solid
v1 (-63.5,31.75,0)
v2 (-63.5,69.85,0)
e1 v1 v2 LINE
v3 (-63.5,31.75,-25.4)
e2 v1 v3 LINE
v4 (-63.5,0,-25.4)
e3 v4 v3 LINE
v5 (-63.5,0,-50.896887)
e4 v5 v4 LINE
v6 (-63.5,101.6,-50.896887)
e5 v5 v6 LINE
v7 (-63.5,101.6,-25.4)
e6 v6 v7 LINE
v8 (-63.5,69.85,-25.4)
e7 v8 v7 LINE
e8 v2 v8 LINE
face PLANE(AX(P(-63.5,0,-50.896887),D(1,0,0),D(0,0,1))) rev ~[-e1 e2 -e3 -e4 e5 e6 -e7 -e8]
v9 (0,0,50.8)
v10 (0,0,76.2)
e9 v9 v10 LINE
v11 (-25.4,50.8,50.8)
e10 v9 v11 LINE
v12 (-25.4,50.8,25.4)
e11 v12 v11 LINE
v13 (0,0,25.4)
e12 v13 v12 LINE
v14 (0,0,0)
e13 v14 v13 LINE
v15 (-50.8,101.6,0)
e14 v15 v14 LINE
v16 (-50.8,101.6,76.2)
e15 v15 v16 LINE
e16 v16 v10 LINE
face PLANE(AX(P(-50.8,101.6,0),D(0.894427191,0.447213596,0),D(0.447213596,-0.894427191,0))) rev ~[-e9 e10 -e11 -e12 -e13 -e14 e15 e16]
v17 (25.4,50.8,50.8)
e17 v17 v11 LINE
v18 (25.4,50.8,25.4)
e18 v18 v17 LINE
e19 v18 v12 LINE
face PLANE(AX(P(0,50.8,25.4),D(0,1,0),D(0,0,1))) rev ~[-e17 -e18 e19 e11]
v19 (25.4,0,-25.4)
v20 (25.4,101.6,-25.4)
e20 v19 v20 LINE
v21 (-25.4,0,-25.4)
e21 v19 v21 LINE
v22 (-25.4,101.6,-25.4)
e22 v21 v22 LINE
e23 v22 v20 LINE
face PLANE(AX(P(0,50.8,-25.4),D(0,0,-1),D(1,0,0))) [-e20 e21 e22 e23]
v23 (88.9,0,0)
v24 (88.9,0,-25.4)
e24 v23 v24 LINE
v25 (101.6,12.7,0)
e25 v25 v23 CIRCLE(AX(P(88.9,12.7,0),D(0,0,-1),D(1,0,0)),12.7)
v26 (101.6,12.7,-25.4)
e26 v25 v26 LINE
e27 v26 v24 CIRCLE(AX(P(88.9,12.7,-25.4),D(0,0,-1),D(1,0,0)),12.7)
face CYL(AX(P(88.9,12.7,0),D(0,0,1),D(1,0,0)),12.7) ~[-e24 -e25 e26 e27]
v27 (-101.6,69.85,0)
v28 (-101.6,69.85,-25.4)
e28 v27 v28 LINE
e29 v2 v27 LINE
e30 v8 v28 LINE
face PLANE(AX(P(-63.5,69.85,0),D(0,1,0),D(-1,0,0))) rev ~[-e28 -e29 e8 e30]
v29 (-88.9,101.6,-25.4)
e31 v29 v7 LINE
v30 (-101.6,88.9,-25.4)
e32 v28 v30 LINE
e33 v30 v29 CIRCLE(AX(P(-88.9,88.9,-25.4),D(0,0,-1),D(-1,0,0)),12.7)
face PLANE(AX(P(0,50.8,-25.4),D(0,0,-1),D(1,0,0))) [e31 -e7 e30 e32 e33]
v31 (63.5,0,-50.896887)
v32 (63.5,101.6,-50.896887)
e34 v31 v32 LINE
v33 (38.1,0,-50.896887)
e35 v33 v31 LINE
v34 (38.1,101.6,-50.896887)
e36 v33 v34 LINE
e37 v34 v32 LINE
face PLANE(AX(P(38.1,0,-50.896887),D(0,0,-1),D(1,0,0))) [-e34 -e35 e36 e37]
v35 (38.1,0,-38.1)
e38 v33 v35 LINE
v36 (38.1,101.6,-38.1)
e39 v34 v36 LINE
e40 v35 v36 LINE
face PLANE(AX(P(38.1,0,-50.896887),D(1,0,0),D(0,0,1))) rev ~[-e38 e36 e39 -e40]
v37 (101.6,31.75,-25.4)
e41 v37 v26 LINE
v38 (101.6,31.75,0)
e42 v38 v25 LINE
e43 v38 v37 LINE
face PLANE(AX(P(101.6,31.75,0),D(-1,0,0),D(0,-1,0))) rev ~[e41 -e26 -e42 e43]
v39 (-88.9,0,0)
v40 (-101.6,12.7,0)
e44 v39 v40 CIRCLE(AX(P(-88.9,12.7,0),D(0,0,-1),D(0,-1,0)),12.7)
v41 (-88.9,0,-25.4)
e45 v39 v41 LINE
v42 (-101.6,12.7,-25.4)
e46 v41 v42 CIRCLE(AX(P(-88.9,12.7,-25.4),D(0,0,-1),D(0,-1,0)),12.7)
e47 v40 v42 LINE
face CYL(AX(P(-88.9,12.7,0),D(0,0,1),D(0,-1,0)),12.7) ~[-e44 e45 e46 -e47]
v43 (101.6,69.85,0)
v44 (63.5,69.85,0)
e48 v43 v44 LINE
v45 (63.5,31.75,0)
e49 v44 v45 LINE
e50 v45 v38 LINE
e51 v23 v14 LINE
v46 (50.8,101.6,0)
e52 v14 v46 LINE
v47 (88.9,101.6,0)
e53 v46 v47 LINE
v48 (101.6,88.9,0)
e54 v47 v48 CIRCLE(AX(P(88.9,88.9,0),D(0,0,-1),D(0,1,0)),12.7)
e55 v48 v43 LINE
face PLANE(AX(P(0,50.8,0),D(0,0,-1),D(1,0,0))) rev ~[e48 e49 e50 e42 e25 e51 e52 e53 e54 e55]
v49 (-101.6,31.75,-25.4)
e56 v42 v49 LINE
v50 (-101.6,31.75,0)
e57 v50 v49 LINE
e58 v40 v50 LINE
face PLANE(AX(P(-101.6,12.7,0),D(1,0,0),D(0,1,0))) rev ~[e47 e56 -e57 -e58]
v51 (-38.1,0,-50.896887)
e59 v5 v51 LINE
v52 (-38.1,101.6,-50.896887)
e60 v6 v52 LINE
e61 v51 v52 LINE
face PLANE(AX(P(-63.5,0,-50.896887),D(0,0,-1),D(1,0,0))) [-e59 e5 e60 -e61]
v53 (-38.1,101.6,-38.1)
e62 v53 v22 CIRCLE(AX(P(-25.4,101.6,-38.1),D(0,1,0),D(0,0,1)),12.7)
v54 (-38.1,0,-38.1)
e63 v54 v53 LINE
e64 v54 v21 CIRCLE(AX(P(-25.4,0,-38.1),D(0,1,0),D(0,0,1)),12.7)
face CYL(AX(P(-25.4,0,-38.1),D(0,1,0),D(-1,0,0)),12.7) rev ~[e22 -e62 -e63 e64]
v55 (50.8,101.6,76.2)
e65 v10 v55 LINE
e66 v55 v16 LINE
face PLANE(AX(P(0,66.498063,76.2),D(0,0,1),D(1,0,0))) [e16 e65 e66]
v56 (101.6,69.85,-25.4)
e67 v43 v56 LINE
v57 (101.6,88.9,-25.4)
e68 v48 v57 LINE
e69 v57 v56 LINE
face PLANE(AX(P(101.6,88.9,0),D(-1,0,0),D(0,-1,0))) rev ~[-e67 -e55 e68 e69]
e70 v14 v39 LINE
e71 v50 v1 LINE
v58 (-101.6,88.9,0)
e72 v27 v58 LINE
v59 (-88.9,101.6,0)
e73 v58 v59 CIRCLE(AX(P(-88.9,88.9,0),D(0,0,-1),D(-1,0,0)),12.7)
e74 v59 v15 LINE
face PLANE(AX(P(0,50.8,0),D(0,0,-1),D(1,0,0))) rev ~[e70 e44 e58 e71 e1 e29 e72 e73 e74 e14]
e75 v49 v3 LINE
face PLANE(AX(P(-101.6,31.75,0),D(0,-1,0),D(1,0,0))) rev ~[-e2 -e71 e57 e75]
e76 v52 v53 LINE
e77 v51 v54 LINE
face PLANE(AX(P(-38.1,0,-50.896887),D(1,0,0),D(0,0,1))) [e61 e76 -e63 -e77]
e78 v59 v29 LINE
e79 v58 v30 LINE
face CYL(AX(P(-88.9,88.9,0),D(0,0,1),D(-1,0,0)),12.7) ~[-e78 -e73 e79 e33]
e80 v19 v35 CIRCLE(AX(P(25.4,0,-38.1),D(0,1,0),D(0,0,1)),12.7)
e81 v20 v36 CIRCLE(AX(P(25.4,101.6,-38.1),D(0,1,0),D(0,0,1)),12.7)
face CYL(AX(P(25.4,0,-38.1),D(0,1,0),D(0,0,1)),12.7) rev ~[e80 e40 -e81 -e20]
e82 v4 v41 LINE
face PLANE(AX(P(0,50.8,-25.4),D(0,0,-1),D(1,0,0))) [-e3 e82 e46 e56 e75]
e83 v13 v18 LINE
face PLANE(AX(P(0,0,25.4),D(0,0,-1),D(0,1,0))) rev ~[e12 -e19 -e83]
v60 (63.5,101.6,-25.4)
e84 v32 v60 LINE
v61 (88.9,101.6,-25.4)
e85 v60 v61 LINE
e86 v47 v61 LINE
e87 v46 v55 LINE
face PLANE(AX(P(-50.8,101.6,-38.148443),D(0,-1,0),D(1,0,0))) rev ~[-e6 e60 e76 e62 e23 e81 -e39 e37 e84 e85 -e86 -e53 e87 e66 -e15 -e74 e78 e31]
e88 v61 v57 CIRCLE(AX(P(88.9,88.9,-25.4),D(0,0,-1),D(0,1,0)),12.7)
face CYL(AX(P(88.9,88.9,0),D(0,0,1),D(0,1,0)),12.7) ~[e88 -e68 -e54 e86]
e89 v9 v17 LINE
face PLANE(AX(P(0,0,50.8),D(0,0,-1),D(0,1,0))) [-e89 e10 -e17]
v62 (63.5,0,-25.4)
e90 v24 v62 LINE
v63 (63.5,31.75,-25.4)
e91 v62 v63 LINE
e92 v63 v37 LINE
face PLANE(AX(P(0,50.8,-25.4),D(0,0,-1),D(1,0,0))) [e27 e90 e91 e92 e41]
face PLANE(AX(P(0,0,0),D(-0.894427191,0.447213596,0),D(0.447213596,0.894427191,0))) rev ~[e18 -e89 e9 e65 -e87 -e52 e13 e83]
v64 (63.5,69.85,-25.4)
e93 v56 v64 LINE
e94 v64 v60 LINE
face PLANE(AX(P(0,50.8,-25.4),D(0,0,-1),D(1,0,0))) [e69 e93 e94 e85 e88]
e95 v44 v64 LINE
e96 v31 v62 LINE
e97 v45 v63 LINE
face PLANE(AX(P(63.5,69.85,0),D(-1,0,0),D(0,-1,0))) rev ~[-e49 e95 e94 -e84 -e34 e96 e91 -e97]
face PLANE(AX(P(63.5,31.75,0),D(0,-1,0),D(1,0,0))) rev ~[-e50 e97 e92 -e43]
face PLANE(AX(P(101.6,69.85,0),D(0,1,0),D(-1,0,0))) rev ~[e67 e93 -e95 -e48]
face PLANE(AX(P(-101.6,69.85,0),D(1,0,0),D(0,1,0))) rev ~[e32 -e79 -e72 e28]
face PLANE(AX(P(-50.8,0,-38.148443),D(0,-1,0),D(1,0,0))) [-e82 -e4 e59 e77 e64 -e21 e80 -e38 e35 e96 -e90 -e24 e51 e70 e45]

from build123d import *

# Parameters (mm, degrees)
F1_DEPTH      = 76.2
F2_W          = 50.8
F2_H          = 25.4
F3_DEPTH      = 50.801
F3_DEPTH_BACK = 50.801
F5_DEPTH      = 25.4
F6_DEPTH      = 25.4
F7_W          = 25.4
F7_H          = 25.4968867362
F8_DEPTH      = 101.6
F9_R          = 12.7


with BuildPart() as f1:
    # F0 (on Top) → F1 (new body)
    with BuildSketch(Plane.XY):
        Polygon((-50.8, 101.6), (0, 0), (50.8, 101.6), align=None)
    extrude(amount=F1_DEPTH)

    # F2 (on Right) → F3 (cut, two sides)
    with BuildSketch(Plane.YZ) as f3_sk:
        with Locations((25.4, 38.1)):
            Rectangle(F2_W, F2_H)
    extrude(amount=-F3_DEPTH, mode=Mode.SUBTRACT)
    extrude(f3_sk.sketch, amount=F3_DEPTH_BACK, mode=Mode.SUBTRACT)

    # F4 (on face) → F5 (join)
    with BuildSketch(Plane(origin=(0, 0, 0), x_dir=(1, 0, 0), z_dir=(0, 0, -1))):
        with BuildLine():
            Line((63.5, -31.75), (101.6, -31.75))
            Line((101.6, -31.75), (101.6, -12.7))
            ThreePointArc((101.6, -12.7), (97.8802561211, -3.7197438789), (88.9, 0))
            Line((88.9, 0), (-88.9, 0))
            ThreePointArc((-88.9, 0), (-97.8802561211, -3.7197438789), (-101.6, -12.7))
            Line((-101.6, -12.7), (-101.6, -31.75))
            Line((-101.6, -31.75), (-63.5, -31.75))
            Line((-63.5, -31.75), (-63.5, -69.85))
            Line((-63.5, -69.85), (-101.6, -69.85))
            Line((-101.6, -69.85), (-101.6, -88.9))
            ThreePointArc((-101.6, -88.9), (-97.8802561211, -97.8802561211), (-88.9, -101.6))
            Line((-88.9, -101.6), (-50.8, -101.6))
            Line((-50.8, -101.6), (50.8, -101.6))
            Line((50.8, -101.6), (88.9, -101.6))
            ThreePointArc((88.9, -101.6), (97.8802561211, -97.8802561211), (101.6, -88.9))
            Line((101.6, -88.9), (101.6, -69.85))
            Line((101.6, -69.85), (63.5, -69.85))
            Line((63.5, -69.85), (63.5, -31.75))
        make_face()
    extrude(amount=F5_DEPTH)

    # F4 (on face) → F6 (join)
    with BuildSketch(Plane(origin=(0, 0, 0), x_dir=(1, 0, 0), z_dir=(0, 0, -1))):
        with BuildLine():
            Line((63.5, -31.75), (101.6, -31.75))
            Line((101.6, -31.75), (101.6, -12.7))
            ThreePointArc((101.6, -12.7), (97.8802561211, -3.7197438789), (88.9, 0))
            Line((88.9, 0), (-88.9, 0))
            ThreePointArc((-88.9, 0), (-97.8802561211, -3.7197438789), (-101.6, -12.7))
            Line((-101.6, -12.7), (-101.6, -31.75))
            Line((-101.6, -31.75), (-63.5, -31.75))
            Line((-63.5, -31.75), (-63.5, -69.85))
            Line((-63.5, -69.85), (-101.6, -69.85))
            Line((-101.6, -69.85), (-101.6, -88.9))
            ThreePointArc((-101.6, -88.9), (-97.8802561211, -97.8802561211), (-88.9, -101.6))
            Line((-88.9, -101.6), (-50.8, -101.6))
            Line((-50.8, -101.6), (50.8, -101.6))
            Line((50.8, -101.6), (88.9, -101.6))
            ThreePointArc((88.9, -101.6), (97.8802561211, -97.8802561211), (101.6, -88.9))
            Line((101.6, -88.9), (101.6, -69.85))
            Line((101.6, -69.85), (63.5, -69.85))
            Line((63.5, -69.85), (63.5, -31.75))
        make_face()
    extrude(amount=F6_DEPTH)

    # F7 (on face) → F8 (join)
    with BuildSketch(Plane.XZ):
        with Locations((-50.8, -38.1484433681)):
            Rectangle(F7_W, F7_H)
        with Locations((50.8, -38.1484433681)):
            Rectangle(F7_W, F7_H)
    extrude(amount=-F8_DEPTH)

    # F9
    f9_edges = [f1.edges().sort_by_distance(p)[0] for p in [
        (-38.1, 50.8, -25.4),
        (38.1, 50.8, -25.4),
    ]]
    fillet(f9_edges, radius=F9_R)


solid = f1.part
